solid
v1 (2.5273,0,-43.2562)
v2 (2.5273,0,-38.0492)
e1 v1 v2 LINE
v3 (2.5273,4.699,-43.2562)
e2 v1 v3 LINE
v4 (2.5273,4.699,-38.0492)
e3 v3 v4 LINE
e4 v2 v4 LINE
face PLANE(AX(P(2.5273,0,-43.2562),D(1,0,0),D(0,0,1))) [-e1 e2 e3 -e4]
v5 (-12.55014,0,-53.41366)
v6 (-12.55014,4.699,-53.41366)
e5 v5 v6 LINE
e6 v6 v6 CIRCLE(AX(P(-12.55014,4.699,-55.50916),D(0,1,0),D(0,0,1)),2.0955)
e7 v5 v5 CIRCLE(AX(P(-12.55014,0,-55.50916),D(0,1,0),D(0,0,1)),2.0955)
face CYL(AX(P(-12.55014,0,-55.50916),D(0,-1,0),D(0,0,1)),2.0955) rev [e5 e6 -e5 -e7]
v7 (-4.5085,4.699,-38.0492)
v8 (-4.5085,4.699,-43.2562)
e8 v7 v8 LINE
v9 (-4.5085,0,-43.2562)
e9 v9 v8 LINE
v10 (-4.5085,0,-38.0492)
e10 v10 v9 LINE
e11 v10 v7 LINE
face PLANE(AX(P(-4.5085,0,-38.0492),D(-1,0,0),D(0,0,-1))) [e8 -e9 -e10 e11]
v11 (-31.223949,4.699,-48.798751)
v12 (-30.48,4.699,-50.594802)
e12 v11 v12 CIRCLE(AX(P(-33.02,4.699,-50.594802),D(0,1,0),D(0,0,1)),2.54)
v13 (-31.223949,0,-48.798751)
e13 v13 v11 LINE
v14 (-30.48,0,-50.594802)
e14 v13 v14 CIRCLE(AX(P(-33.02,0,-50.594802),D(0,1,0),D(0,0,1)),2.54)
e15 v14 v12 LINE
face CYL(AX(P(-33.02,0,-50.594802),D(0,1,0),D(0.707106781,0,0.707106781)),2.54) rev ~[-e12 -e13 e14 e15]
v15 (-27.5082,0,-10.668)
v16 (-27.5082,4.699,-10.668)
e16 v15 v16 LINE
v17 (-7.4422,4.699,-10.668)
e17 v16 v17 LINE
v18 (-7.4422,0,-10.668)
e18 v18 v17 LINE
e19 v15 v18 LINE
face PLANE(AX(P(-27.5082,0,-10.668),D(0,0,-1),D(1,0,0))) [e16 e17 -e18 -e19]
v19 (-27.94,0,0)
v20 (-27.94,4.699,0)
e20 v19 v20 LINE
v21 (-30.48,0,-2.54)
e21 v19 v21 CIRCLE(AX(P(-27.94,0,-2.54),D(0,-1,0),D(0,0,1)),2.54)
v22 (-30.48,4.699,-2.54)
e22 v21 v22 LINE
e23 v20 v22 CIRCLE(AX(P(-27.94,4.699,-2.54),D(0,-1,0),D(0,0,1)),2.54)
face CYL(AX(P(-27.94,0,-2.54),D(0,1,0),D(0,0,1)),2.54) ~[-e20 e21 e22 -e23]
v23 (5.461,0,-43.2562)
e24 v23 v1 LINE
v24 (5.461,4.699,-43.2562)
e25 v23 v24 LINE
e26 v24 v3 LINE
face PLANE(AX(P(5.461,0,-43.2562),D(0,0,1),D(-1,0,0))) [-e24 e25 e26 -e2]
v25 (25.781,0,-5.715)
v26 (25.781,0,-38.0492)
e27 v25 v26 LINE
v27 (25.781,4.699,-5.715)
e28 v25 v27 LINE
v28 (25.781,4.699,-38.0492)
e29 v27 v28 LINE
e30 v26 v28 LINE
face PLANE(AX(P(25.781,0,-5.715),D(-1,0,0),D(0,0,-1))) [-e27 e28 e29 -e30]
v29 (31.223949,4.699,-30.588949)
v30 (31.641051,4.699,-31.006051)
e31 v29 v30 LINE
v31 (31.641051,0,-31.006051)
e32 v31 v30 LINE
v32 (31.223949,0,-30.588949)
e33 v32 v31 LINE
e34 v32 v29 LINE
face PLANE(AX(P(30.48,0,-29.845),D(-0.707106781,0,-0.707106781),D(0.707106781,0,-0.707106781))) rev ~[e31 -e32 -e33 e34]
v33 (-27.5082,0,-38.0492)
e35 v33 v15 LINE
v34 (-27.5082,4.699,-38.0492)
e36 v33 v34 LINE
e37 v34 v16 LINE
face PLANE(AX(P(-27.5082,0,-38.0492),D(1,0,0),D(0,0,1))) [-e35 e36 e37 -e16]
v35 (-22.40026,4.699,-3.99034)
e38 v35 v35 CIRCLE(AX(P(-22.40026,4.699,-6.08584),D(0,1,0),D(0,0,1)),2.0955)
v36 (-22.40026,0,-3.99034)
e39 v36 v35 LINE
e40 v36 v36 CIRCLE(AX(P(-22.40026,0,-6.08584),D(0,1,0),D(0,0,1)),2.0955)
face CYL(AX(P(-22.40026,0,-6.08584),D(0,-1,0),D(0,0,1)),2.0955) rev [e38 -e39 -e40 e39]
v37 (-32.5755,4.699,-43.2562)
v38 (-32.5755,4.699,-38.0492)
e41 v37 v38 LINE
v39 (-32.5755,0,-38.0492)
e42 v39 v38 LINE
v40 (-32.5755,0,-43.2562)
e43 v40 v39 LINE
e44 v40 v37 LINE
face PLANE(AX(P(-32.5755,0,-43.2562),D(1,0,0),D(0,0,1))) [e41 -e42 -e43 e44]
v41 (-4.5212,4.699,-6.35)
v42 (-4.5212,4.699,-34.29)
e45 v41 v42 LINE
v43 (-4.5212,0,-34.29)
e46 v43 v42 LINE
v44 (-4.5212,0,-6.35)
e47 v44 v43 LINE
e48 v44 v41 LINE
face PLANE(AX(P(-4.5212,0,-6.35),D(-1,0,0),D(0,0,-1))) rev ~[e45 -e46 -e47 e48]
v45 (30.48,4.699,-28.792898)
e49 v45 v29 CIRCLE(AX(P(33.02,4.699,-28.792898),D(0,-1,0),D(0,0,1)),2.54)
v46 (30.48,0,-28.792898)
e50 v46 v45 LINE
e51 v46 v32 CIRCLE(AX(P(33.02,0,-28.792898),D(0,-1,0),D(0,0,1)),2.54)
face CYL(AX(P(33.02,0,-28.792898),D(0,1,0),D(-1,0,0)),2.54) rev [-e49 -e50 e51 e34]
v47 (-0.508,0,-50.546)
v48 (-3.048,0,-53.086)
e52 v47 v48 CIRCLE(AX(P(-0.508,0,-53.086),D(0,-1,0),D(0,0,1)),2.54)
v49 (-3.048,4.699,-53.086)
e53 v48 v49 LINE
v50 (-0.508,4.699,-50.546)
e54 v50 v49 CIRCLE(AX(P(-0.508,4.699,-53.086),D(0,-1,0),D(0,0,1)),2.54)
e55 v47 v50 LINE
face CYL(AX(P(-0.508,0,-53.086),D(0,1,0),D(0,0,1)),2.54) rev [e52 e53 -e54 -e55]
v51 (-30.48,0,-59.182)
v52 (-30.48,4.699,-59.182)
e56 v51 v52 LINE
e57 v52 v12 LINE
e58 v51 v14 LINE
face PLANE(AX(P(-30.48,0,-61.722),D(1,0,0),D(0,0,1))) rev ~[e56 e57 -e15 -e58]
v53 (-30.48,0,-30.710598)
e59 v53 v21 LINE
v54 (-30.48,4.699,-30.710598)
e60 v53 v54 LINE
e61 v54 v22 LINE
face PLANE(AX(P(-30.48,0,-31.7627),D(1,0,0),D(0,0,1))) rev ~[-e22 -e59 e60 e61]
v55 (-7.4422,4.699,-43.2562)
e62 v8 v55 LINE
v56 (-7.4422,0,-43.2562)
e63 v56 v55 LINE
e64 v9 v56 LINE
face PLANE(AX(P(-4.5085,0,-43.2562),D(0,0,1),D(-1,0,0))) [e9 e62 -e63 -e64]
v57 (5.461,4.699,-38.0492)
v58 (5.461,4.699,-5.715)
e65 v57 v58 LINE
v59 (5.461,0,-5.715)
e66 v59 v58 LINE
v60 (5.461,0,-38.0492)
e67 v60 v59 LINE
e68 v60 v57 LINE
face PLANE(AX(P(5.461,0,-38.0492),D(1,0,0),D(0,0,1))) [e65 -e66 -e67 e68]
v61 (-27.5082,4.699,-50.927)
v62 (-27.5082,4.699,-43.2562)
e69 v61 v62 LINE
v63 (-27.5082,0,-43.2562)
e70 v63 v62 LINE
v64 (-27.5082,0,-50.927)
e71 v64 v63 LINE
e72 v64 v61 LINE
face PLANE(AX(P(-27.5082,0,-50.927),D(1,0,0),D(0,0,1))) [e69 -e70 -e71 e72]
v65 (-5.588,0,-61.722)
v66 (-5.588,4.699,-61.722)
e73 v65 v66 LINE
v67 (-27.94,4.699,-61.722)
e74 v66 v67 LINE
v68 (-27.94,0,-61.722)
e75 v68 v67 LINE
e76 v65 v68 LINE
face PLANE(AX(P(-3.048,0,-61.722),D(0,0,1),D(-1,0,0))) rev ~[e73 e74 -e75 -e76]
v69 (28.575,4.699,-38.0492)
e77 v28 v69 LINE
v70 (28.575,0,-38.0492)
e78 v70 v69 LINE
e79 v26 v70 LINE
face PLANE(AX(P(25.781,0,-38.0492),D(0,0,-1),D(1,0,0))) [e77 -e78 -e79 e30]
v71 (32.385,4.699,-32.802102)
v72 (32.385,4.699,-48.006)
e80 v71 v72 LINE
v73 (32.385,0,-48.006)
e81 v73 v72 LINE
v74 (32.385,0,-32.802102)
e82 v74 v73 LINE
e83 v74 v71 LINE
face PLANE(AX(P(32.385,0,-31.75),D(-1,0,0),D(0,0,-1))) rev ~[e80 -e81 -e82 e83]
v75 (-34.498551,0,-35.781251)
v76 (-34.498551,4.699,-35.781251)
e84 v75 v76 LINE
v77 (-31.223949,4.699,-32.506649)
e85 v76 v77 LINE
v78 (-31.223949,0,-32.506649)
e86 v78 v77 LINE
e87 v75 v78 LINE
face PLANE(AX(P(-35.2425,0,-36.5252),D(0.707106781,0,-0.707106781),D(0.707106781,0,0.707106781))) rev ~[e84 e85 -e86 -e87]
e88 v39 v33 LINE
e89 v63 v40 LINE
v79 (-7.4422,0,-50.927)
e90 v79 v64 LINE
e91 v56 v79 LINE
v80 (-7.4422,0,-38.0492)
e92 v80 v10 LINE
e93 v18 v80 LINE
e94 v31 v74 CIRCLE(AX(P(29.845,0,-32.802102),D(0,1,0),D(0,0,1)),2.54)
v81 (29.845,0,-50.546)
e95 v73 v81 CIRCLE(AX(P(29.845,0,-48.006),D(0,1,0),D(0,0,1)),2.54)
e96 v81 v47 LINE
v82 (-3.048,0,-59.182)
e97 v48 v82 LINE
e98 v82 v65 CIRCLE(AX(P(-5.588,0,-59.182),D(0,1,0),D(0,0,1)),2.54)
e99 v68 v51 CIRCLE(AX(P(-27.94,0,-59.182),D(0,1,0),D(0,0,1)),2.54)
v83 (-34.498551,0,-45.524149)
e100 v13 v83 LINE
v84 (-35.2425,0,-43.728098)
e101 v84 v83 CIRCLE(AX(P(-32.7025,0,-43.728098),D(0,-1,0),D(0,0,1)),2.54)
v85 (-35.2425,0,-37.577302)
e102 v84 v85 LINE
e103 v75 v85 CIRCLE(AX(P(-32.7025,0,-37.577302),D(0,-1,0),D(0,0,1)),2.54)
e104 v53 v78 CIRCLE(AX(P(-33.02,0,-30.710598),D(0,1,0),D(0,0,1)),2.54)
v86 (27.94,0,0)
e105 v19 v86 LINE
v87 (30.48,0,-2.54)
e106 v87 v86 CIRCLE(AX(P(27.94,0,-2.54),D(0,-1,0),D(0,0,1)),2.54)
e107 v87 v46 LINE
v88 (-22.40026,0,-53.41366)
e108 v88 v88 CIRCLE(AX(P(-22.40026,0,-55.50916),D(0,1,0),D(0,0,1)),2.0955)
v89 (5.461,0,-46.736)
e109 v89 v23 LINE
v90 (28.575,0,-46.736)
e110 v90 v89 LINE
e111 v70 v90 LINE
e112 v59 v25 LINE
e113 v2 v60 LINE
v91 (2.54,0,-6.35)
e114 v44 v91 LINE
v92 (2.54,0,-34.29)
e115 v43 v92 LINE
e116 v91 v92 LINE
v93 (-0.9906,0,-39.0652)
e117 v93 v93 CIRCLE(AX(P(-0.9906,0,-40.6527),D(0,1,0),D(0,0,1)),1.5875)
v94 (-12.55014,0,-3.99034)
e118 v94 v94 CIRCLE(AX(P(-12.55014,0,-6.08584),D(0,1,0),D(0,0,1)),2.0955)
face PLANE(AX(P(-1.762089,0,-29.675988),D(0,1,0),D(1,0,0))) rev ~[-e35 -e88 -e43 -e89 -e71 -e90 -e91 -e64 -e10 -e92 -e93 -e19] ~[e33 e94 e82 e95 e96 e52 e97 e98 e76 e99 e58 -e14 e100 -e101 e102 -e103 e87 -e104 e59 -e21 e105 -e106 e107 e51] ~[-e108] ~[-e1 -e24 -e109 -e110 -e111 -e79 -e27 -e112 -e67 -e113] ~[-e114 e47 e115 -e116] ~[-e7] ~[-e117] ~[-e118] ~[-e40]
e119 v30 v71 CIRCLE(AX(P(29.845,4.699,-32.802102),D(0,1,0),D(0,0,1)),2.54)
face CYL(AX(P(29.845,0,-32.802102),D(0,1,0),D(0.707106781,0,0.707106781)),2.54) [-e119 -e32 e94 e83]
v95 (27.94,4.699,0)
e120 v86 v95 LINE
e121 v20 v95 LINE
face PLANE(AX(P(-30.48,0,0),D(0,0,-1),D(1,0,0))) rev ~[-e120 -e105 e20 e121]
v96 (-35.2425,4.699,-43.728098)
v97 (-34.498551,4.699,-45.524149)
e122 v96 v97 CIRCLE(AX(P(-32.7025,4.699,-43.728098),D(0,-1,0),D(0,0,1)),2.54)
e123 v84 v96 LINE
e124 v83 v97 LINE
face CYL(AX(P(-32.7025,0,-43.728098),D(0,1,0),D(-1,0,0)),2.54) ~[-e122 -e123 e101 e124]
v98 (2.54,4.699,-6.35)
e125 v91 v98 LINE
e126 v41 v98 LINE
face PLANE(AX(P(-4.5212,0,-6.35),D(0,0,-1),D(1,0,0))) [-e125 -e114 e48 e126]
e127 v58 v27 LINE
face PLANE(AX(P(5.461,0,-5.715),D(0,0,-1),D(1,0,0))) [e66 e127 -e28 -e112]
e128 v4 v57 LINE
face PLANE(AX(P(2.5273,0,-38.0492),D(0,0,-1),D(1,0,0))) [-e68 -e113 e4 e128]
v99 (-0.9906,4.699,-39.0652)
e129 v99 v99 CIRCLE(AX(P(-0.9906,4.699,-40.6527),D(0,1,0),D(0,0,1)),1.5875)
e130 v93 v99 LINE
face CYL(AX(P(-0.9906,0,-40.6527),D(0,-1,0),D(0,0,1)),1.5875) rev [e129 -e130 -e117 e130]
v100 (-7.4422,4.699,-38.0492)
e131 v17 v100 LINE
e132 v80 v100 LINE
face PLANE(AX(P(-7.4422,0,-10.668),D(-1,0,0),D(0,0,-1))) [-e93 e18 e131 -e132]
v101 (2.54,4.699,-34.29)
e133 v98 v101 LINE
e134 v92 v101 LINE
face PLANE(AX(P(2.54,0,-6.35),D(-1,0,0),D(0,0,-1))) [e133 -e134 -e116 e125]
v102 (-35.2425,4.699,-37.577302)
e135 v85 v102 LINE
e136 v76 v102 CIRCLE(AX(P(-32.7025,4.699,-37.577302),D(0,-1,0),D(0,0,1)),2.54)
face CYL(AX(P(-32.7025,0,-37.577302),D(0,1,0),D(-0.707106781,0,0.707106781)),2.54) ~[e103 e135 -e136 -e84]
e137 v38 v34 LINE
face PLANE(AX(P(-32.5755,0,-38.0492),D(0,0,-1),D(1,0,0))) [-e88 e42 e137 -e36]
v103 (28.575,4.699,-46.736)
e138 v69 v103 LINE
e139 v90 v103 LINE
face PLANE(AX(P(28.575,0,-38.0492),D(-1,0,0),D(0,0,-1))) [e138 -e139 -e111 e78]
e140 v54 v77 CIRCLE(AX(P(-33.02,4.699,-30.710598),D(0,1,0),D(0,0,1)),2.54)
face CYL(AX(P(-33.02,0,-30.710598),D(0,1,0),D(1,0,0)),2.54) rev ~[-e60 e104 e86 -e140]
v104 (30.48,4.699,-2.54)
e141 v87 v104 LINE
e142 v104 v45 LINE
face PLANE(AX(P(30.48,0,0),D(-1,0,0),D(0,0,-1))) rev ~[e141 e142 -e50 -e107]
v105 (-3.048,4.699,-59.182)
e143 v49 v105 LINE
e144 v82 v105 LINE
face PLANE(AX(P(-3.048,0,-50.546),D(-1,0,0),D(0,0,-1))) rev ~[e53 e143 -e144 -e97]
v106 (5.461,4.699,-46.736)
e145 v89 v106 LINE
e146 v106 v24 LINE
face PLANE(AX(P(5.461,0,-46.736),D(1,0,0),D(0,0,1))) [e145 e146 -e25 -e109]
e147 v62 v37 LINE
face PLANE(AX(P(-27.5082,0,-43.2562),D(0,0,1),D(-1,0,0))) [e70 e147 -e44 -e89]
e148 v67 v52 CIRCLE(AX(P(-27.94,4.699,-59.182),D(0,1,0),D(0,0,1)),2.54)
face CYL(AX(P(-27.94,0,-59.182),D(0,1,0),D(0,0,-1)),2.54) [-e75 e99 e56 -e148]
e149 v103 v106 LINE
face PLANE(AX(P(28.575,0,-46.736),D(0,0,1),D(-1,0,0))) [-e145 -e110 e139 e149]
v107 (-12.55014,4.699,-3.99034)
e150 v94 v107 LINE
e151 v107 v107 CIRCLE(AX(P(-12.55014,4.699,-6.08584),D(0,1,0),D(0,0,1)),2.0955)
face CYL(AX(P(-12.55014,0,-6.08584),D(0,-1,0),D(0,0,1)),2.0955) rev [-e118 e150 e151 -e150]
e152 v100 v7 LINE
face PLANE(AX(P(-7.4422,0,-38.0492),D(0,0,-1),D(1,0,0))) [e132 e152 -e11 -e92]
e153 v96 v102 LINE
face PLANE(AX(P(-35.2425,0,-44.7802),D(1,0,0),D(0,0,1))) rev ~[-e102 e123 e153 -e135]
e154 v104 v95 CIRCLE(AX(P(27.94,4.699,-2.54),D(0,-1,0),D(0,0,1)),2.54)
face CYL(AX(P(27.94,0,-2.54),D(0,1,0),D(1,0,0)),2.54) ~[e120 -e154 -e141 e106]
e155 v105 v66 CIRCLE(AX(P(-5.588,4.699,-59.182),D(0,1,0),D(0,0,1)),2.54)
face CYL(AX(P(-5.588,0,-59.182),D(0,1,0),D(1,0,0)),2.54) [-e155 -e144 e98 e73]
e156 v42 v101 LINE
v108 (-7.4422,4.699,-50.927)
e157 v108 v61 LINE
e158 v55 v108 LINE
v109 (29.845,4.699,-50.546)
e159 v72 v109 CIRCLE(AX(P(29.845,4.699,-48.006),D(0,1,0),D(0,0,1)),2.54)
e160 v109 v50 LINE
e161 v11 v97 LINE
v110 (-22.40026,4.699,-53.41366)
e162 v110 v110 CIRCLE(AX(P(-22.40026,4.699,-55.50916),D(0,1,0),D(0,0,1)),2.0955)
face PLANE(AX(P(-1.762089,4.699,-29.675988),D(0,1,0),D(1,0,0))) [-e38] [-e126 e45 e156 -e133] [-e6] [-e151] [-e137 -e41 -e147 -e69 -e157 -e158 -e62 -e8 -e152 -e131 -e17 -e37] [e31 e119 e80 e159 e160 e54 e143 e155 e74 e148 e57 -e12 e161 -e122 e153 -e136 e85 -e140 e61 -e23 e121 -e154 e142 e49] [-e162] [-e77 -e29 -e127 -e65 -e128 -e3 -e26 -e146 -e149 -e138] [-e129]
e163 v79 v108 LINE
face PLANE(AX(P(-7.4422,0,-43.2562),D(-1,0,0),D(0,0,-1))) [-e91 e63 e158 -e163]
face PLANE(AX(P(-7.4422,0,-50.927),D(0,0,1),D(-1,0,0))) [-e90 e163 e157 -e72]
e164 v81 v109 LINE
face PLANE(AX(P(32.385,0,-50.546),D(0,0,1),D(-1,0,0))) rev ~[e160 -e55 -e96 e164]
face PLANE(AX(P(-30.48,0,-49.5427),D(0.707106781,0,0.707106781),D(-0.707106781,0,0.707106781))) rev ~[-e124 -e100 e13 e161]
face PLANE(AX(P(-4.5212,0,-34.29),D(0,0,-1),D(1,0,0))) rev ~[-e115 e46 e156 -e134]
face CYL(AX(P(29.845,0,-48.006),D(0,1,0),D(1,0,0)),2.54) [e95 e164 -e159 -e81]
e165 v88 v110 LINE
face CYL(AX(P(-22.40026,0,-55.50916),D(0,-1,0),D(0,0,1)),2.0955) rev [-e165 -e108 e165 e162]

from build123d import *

# Parameters (mm, degrees)
SKETCH1_R           = 1.5875
SKETCH1_R_2         = 2.0955
SKETCH1_W           = 7.0612
SKETCH1_H           = 27.94
BOSS_EXTRUDE1_DEPTH = 4.699
FILLET1_R           = 2.54


with BuildPart() as part:
    # Sketch1 → Boss-Extrude1 (new body)
    with BuildSketch(Plane(origin=(0, 0, 0), x_dir=(1, 0, 0), z_dir=(0, 1, 0))):
        Polygon((0, 0), (30.48, 0), (30.48, 29.845), (32.385, 31.75), (32.385, 50.546), (-3.048, 50.546), (-3.048, 61.722), (-30.48, 61.722), (-30.48, 49.5427), (-35.2425, 44.7802), (-35.2425, 36.5252), (-30.48, 31.7627), (-30.48, 0), align=None)
        with Locations(Location((-0.9906, 40.6527, 0), (0, 0, 270))):
            Circle(SKETCH1_R, mode=Mode.SUBTRACT)
        with Locations(Location((-12.55014, 55.50916, 0), (0, 0, 270))):
            Circle(SKETCH1_R_2, mode=Mode.SUBTRACT)
        with Locations(Location((-22.40026, 55.50916, 0), (0, 0, 270))):
            Circle(SKETCH1_R_2, mode=Mode.SUBTRACT)
        with Locations(Location((-12.55014, 6.08584, 0), (0, 0, 270))):
            Circle(SKETCH1_R_2, mode=Mode.SUBTRACT)
        with Locations(Location((-22.40026, 6.08584, 0), (0, 0, 270))):
            Circle(SKETCH1_R_2, mode=Mode.SUBTRACT)
        Polygon((5.461, 5.715), (25.781, 5.715), (25.781, 38.0492), (28.575, 38.0492), (28.575, 46.736), (5.461, 46.736), (5.461, 43.2562), (2.5273, 43.2562), (2.5273, 38.0492), (5.461, 38.0492), align=None, mode=Mode.SUBTRACT)
        Polygon((-27.5082, 10.668), (-7.4422, 10.668), (-7.4422, 38.0492), (-4.5085, 38.0492), (-4.5085, 43.2562), (-7.4422, 43.2562), (-7.4422, 50.927), (-27.5082, 50.927), (-27.5082, 43.2562), (-32.5755, 43.2562), (-32.5755, 38.0492), (-27.5082, 38.0492), align=None, mode=Mode.SUBTRACT)
        with Locations((-0.9906, 20.32)):
            Rectangle(SKETCH1_W, SKETCH1_H, mode=Mode.SUBTRACT)
    extrude(amount=BOSS_EXTRUDE1_DEPTH)

    # Fillet1
    fillet1_edges = [part.edges().sort_by_distance(p)[0] for p in [
        (-3.048, 2.3495, -50.546),
        (32.385, 2.3495, -50.546),
        (32.385, 2.3495, -31.75),
        (30.48, 2.3495, -29.845),
        (30.48, 2.3495, 0),
        (-30.48, 2.3495, 0),
        (-30.48, 2.3495, -31.7627),
        (-35.2425, 2.3495, -36.5252),
        (-35.2425, 2.3495, -44.7802),
        (-30.48, 2.3495, -49.5427),
        (-30.48, 2.3495, -61.722),
        (-3.048, 2.3495, -61.722),
    ]]
    fillet(fillet1_edges, radius=FILLET1_R)


solid = part.part
